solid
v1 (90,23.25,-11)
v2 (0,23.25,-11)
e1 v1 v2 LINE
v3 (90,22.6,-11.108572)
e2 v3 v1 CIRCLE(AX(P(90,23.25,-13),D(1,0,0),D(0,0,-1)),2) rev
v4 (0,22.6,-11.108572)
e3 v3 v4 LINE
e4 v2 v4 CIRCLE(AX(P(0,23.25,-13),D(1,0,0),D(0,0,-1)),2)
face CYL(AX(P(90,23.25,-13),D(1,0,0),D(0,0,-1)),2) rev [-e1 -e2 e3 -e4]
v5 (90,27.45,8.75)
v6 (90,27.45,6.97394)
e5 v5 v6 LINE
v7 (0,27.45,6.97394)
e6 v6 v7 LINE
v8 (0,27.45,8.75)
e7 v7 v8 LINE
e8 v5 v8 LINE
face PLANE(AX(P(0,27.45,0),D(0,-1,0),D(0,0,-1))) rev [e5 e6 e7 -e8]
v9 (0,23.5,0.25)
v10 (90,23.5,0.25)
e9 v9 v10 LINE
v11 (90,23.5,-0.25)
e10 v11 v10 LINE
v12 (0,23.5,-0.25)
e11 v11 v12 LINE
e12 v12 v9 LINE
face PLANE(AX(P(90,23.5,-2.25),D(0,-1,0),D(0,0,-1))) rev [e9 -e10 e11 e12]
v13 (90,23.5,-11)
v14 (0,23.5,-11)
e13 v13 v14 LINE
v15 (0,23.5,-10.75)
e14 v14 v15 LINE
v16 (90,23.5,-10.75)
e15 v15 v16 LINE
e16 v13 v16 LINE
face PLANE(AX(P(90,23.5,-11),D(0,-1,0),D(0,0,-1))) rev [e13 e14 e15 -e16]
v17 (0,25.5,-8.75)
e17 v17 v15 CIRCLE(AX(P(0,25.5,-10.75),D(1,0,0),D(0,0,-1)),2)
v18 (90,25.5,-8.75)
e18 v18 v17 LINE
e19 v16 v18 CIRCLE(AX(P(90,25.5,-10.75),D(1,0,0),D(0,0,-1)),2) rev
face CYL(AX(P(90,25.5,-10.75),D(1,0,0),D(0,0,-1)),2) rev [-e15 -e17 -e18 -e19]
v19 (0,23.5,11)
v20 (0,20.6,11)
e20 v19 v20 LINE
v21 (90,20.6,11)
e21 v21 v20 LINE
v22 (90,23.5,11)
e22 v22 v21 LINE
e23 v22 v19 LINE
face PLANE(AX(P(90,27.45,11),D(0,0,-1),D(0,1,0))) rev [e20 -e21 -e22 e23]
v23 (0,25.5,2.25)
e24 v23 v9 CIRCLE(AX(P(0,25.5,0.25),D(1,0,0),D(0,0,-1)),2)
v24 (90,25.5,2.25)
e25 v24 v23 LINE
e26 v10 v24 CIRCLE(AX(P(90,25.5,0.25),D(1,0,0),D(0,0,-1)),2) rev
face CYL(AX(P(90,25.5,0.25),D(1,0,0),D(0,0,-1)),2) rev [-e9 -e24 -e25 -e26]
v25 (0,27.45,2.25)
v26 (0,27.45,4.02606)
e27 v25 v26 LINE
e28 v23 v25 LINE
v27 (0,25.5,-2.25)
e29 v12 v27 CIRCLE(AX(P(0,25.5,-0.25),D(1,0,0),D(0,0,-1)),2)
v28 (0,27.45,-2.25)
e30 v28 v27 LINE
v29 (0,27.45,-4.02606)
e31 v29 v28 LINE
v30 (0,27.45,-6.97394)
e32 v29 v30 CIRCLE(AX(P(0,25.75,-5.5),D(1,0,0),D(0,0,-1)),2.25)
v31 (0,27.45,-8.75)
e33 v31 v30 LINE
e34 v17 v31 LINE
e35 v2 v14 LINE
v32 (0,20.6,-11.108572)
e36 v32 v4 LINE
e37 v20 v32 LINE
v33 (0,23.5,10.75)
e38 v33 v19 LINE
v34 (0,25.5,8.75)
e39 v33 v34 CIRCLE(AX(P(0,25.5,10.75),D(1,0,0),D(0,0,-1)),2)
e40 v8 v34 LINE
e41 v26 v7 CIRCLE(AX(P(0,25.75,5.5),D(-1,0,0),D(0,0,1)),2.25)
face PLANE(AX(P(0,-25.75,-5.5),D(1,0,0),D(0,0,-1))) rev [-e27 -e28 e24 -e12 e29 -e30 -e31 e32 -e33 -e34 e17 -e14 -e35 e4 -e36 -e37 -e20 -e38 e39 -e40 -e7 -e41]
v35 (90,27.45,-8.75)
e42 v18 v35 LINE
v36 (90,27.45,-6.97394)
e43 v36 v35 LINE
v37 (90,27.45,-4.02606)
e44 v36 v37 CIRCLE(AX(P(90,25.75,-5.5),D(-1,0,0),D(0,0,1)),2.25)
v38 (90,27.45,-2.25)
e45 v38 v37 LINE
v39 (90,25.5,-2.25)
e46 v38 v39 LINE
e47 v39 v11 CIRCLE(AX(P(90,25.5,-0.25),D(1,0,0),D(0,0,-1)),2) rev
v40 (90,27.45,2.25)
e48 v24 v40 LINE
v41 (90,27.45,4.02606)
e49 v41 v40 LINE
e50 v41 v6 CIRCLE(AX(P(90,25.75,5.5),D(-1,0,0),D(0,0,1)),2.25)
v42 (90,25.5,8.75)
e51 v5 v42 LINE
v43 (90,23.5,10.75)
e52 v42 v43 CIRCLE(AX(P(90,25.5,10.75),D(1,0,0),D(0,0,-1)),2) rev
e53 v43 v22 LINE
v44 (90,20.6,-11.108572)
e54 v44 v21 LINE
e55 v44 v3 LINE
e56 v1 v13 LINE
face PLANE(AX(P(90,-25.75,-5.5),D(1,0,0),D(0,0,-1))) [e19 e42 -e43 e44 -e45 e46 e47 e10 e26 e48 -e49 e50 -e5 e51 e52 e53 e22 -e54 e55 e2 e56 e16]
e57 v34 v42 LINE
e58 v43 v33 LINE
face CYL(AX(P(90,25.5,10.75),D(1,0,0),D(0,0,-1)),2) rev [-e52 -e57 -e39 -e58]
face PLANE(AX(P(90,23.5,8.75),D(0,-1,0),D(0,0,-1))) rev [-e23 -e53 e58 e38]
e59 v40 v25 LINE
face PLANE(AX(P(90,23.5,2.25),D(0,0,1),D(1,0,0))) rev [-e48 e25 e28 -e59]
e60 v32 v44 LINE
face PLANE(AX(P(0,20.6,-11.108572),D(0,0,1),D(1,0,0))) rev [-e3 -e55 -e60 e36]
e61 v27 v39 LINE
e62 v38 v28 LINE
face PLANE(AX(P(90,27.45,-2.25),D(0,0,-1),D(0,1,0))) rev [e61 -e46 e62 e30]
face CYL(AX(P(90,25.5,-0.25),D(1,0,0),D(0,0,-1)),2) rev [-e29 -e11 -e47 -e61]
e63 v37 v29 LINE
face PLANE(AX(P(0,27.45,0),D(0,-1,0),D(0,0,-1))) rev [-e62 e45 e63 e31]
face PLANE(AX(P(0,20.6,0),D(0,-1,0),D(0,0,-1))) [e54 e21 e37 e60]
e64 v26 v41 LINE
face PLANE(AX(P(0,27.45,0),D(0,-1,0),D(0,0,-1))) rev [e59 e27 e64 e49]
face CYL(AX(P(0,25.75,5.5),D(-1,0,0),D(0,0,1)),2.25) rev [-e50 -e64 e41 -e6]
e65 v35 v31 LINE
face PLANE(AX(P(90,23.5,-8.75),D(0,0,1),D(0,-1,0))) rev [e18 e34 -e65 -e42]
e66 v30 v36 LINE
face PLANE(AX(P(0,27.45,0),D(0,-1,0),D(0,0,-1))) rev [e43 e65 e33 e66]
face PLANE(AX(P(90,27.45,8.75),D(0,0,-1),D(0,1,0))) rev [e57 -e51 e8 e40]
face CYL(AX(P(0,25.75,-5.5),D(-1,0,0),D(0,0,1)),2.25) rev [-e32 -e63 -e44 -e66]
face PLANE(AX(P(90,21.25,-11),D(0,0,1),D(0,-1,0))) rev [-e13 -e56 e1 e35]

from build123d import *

# Parameters (mm, degrees)
EXTRUDE_1_DEPTH             = 90
SKETCH_2_W                  = 90
SKETCH_2_H                  = 17.75
EXTRUDE_2_DEPTH             = 8.2
SKETCH_3_W                  = 90
SKETCH_3_H                  = 50.95
EXTRUDE_3_DEPTH             = 8.2
SKETCH_4_W                  = 3.95
SKETCH_4_H                  = 29.5
CUT_EXTRUDE_1_DEPTH         = 96.44153315
SKETCH_5_W                  = 3.95
SKETCH_5_H                  = 6.2
CUT_EXTRUDE_2_DEPTH         = 96.44153315
SKETCH_6_W                  = 2.25
SKETCH_6_H                  = 3.95
CUT_EXTRUDE_3_DEPTH         = 96.44153315
SKETCH_7_W                  = 4.5
SKETCH_7_H                  = 3.95
CUT_EXTRUDE_4_DEPTH         = 96.44153315
SKETCH_8_W                  = 2.25
SKETCH_8_H                  = 3.95
CUT_EXTRUDE_5_DEPTH         = 96.44153315
SKETCH_9_W                  = 3.95
SKETCH_9_H                  = 2.25
CUT_EXTRUDE_6_DEPTH         = 96.44153315
SKETCH_10_W                 = 20.2
SKETCH_10_H                 = 45.2
CUT_EXTRUDE_7_DEPTH         = 86
HOLE_WIZARD_2_5_2_5_1_D     = 2.5
HOLE_WIZARD_4_5_4_5_1_D     = 4.5
HOLE_WIZARD_8_3_8_3_1_D     = 8.3
HOLE_WIZARD_8_3_8_3_1_DEPTH = 3.2
FILLET_1_R                  = 2
FILLET_2_R                  = 2
EXTRUDE_START               = -90
SKETCH_17_R                 = 1.25
EXTRUDE_4_DEPTH             = 90
CUT_EXTRUDE_START           = -100
SKETCH_18_R                 = 4.15
CUT_EXTRUDE_8_DEPTH         = 100
CUT_EXTRUDE_9_DEPTH         = 130
SKETCH_20_W                 = 90
SKETCH_20_H                 = 22.108571968
EXTRUDE_5_DEPTH             = 2


with BuildPart() as part:
    # Эскиз1 → Бобышка-Вытянуть1 (new body)
    with BuildSketch(Plane(origin=(90, 0, 0), x_dir=(0, 0, -1), z_dir=(1, 0, 0))):
        with BuildLine():
            Line((6.75, -24.093761792), (6.75, 19.25))
            Line((6.75, 19.25), (-11.593761792, 19.25))
            ThreePointArc((-11.593761792, 19.25), (-15.325, 18), (-11.593761792, 16.75))
            Line((-11.593761792, 16.75), (-11, 16.75))
            Line((-11, 16.75), (-11, -16.75))
            Line((-11, -16.75), (-11.593761792, -16.75))
            ThreePointArc((-11.593761792, -16.75), (-15.325, -18), (-11.593761792, -19.25))
            Line((-11.593761792, -19.25), (-11, -19.25))
            Line((-11, -19.25), (-11, -23.5))
            Line((-11, -23.5), (-6.75, -23.5))
            Line((-6.75, -23.5), (-6.75, -24.093761792))
            ThreePointArc((-6.75, -24.093761792), (-5.5, -27.825), (-4.25, -24.093761792))
            Line((-4.25, -24.093761792), (-4.25, -23.5))
            Line((-4.25, -23.5), (4.25, -23.5))
            Line((4.25, -23.5), (4.25, -24.093761792))
            ThreePointArc((4.25, -24.093761792), (5.5, -27.825), (6.75, -24.093761792))
        make_face()
    extrude(amount=-EXTRUDE_1_DEPTH)

    # Эскиз2 → Бобышка-Вытянуть2 (add)
    with BuildSketch(Plane(origin=(0, 19.25, 0), x_dir=(-1, 0, 0), z_dir=(0, 1, 0))):
        with Locations((-45, 2.125)):
            Rectangle(SKETCH_2_W, SKETCH_2_H)
    extrude(amount=EXTRUDE_2_DEPTH)

    # Эскиз3 → Бобышка-Вытянуть3 (add)
    with BuildSketch(Plane(origin=(0, 0, -6.75), x_dir=(-1, 0, 0), z_dir=(0, 0, -1))):
        with Locations((-45, 1.975)):
            Rectangle(SKETCH_3_W, SKETCH_3_H)
    extrude(amount=EXTRUDE_3_DEPTH)

    # Эскиз4 → Вырез-Вытянуть1 (cut, through all)
    with BuildSketch(Plane.ZY):
        with Locations((-12.975, 0)):
            Rectangle(SKETCH_4_W, SKETCH_4_H)
    extrude(amount=-CUT_EXTRUDE_1_DEPTH, mode=Mode.SUBTRACT)

    # Эскиз5 → Вырез-Вытянуть2 (cut, through all)
    with BuildSketch(Plane.ZY):
        with Locations((-12.975, 24.35)):
            Rectangle(SKETCH_5_W, SKETCH_5_H)
    extrude(amount=-CUT_EXTRUDE_2_DEPTH, mode=Mode.SUBTRACT)

    # Эскиз6 → Вырез-Вытянуть3 (cut, through all)
    with BuildSketch(Plane.ZY):
        with Locations((-9.875, 25.475)):
            Rectangle(SKETCH_6_W, SKETCH_6_H)
    extrude(amount=-CUT_EXTRUDE_3_DEPTH, mode=Mode.SUBTRACT)

    # Эскиз7 → Вырез-Вытянуть4 (cut, through all)
    with BuildSketch(Plane.ZY):
        with Locations((0, 25.475)):
            Rectangle(SKETCH_7_W, SKETCH_7_H)
    extrude(amount=-CUT_EXTRUDE_4_DEPTH, mode=Mode.SUBTRACT)

    # Эскиз8 → Вырез-Вытянуть5 (cut, through all)
    with BuildSketch(Plane.ZY):
        with Locations((9.875, 25.475)):
            Rectangle(SKETCH_8_W, SKETCH_8_H)
    extrude(amount=-CUT_EXTRUDE_5_DEPTH, mode=Mode.SUBTRACT)

    # Эскиз9 → Вырез-Вытянуть6 (cut, through all)
    with BuildSketch(Plane.ZY):
        with Locations((-12.975, -22.375)):
            Rectangle(SKETCH_9_W, SKETCH_9_H)
    extrude(amount=-CUT_EXTRUDE_6_DEPTH, mode=Mode.SUBTRACT)

    # Эскиз10 → Вырез-Вытянуть7 (cut)
    with BuildSketch(Plane(origin=(90, 0, 0), x_dir=(0, 0, -1), z_dir=(1, 0, 0))):
        Rectangle(SKETCH_10_W, SKETCH_10_H)
    extrude(amount=-CUT_EXTRUDE_7_DEPTH, mode=Mode.SUBTRACT)

    # Диаметр отверстия Ø2.5 (2.5)1 (through all)
    with Locations(Plane(origin=(90, 0, 0), x_dir=(0, 0, -1), z_dir=(1, 0, 0))):
        with Locations((5.5, -25.75), (-13.25, -18), (-5.5, -25.75), (-13.25, 18)):
            Hole(HOLE_WIZARD_2_5_2_5_1_D / 2)

    # Диаметр отверстия Ø4.5 (4.5)1 (through all)
    with Locations(Plane.ZY):
        with Locations((-13.25, -18), (-13.25, 18), (-5.5, 25.75), (5.5, 25.75)):
            Hole(HOLE_WIZARD_4_5_4_5_1_D / 2)

    # Диаметр отверстия Ø8.3 (8.3)1
    with Locations(Plane.ZY):
        with Locations((0, 0)):
            Hole(HOLE_WIZARD_8_3_8_3_1_D / 2, depth=HOLE_WIZARD_8_3_8_3_1_DEPTH)

    # Скругление1
    fillet_1_edges = [part.edges().sort_by_distance(p)[0] for p in [
        (45, 23.5, 8.75),
    ]]
    fillet(fillet_1_edges, radius=FILLET_1_R)

    # Скругление2
    fillet_2_edges = [part.edges().sort_by_distance(p)[0] for p in [
        (45, 23.5, -8.75),
        (45, 23.5, 2.25),
        (45, 23.5, -2.25),
        (45, -21.25, -11),
        (4, 0, -10.1),
        (4, -22.6, 0),
        (4, 0, 10.1),
        (4, 22.6, 0),
        (45, 14.75, -11),
        (45, -14.75, -11),
        (45, 21.25, -11),
    ]]
    fillet(fillet_2_edges, radius=FILLET_2_R)

    # Эскиз17 → Бобышка-Вытянуть4 (add)
    with BuildSketch(Plane(origin=(90, 0, 0), x_dir=(0, 0, -1), z_dir=(1, 0, 0)).offset(EXTRUDE_START)):
        with Locations((5.5, -25.75)):
            Circle(SKETCH_17_R)
        with Locations((-5.5, -25.75)):
            Circle(SKETCH_17_R)
        with Locations((-13.25, -18)):
            Circle(SKETCH_17_R)
        with Locations((-13.25, 18)):
            Circle(SKETCH_17_R)
    extrude(amount=EXTRUDE_4_DEPTH)

    # Эскиз18 → Вырез-Вытянуть8 (cut)
    with BuildSketch(Plane.ZY.offset(CUT_EXTRUDE_START)):
        Circle(SKETCH_18_R)
    extrude(amount=CUT_EXTRUDE_8_DEPTH, mode=Mode.SUBTRACT)

    # Эскиз19 → Вырез-Вытянуть9 (cut)
    with BuildSketch(Plane(origin=(90, 0, 0), x_dir=(0, 0, -1), z_dir=(1, 0, 0))):
        Polygon((10.1, 22.6), (-10.1, 22.6), (-23.41122638, 22.6), (-23.41122638, -34.175581762), (22.796675715, -34.175581762), (22.796675715, 22.6), align=None)
    extrude(amount=-CUT_EXTRUDE_9_DEPTH, mode=Mode.SUBTRACT)

    # Эскиз20 → Бобышка-Вытянуть5 (add)
    with BuildSketch(Plane.XZ.offset(-22.6)):
        with Locations((45, -0.054285984)):
            Rectangle(SKETCH_20_W, SKETCH_20_H)
    extrude(amount=EXTRUDE_5_DEPTH)


solid = part.part
